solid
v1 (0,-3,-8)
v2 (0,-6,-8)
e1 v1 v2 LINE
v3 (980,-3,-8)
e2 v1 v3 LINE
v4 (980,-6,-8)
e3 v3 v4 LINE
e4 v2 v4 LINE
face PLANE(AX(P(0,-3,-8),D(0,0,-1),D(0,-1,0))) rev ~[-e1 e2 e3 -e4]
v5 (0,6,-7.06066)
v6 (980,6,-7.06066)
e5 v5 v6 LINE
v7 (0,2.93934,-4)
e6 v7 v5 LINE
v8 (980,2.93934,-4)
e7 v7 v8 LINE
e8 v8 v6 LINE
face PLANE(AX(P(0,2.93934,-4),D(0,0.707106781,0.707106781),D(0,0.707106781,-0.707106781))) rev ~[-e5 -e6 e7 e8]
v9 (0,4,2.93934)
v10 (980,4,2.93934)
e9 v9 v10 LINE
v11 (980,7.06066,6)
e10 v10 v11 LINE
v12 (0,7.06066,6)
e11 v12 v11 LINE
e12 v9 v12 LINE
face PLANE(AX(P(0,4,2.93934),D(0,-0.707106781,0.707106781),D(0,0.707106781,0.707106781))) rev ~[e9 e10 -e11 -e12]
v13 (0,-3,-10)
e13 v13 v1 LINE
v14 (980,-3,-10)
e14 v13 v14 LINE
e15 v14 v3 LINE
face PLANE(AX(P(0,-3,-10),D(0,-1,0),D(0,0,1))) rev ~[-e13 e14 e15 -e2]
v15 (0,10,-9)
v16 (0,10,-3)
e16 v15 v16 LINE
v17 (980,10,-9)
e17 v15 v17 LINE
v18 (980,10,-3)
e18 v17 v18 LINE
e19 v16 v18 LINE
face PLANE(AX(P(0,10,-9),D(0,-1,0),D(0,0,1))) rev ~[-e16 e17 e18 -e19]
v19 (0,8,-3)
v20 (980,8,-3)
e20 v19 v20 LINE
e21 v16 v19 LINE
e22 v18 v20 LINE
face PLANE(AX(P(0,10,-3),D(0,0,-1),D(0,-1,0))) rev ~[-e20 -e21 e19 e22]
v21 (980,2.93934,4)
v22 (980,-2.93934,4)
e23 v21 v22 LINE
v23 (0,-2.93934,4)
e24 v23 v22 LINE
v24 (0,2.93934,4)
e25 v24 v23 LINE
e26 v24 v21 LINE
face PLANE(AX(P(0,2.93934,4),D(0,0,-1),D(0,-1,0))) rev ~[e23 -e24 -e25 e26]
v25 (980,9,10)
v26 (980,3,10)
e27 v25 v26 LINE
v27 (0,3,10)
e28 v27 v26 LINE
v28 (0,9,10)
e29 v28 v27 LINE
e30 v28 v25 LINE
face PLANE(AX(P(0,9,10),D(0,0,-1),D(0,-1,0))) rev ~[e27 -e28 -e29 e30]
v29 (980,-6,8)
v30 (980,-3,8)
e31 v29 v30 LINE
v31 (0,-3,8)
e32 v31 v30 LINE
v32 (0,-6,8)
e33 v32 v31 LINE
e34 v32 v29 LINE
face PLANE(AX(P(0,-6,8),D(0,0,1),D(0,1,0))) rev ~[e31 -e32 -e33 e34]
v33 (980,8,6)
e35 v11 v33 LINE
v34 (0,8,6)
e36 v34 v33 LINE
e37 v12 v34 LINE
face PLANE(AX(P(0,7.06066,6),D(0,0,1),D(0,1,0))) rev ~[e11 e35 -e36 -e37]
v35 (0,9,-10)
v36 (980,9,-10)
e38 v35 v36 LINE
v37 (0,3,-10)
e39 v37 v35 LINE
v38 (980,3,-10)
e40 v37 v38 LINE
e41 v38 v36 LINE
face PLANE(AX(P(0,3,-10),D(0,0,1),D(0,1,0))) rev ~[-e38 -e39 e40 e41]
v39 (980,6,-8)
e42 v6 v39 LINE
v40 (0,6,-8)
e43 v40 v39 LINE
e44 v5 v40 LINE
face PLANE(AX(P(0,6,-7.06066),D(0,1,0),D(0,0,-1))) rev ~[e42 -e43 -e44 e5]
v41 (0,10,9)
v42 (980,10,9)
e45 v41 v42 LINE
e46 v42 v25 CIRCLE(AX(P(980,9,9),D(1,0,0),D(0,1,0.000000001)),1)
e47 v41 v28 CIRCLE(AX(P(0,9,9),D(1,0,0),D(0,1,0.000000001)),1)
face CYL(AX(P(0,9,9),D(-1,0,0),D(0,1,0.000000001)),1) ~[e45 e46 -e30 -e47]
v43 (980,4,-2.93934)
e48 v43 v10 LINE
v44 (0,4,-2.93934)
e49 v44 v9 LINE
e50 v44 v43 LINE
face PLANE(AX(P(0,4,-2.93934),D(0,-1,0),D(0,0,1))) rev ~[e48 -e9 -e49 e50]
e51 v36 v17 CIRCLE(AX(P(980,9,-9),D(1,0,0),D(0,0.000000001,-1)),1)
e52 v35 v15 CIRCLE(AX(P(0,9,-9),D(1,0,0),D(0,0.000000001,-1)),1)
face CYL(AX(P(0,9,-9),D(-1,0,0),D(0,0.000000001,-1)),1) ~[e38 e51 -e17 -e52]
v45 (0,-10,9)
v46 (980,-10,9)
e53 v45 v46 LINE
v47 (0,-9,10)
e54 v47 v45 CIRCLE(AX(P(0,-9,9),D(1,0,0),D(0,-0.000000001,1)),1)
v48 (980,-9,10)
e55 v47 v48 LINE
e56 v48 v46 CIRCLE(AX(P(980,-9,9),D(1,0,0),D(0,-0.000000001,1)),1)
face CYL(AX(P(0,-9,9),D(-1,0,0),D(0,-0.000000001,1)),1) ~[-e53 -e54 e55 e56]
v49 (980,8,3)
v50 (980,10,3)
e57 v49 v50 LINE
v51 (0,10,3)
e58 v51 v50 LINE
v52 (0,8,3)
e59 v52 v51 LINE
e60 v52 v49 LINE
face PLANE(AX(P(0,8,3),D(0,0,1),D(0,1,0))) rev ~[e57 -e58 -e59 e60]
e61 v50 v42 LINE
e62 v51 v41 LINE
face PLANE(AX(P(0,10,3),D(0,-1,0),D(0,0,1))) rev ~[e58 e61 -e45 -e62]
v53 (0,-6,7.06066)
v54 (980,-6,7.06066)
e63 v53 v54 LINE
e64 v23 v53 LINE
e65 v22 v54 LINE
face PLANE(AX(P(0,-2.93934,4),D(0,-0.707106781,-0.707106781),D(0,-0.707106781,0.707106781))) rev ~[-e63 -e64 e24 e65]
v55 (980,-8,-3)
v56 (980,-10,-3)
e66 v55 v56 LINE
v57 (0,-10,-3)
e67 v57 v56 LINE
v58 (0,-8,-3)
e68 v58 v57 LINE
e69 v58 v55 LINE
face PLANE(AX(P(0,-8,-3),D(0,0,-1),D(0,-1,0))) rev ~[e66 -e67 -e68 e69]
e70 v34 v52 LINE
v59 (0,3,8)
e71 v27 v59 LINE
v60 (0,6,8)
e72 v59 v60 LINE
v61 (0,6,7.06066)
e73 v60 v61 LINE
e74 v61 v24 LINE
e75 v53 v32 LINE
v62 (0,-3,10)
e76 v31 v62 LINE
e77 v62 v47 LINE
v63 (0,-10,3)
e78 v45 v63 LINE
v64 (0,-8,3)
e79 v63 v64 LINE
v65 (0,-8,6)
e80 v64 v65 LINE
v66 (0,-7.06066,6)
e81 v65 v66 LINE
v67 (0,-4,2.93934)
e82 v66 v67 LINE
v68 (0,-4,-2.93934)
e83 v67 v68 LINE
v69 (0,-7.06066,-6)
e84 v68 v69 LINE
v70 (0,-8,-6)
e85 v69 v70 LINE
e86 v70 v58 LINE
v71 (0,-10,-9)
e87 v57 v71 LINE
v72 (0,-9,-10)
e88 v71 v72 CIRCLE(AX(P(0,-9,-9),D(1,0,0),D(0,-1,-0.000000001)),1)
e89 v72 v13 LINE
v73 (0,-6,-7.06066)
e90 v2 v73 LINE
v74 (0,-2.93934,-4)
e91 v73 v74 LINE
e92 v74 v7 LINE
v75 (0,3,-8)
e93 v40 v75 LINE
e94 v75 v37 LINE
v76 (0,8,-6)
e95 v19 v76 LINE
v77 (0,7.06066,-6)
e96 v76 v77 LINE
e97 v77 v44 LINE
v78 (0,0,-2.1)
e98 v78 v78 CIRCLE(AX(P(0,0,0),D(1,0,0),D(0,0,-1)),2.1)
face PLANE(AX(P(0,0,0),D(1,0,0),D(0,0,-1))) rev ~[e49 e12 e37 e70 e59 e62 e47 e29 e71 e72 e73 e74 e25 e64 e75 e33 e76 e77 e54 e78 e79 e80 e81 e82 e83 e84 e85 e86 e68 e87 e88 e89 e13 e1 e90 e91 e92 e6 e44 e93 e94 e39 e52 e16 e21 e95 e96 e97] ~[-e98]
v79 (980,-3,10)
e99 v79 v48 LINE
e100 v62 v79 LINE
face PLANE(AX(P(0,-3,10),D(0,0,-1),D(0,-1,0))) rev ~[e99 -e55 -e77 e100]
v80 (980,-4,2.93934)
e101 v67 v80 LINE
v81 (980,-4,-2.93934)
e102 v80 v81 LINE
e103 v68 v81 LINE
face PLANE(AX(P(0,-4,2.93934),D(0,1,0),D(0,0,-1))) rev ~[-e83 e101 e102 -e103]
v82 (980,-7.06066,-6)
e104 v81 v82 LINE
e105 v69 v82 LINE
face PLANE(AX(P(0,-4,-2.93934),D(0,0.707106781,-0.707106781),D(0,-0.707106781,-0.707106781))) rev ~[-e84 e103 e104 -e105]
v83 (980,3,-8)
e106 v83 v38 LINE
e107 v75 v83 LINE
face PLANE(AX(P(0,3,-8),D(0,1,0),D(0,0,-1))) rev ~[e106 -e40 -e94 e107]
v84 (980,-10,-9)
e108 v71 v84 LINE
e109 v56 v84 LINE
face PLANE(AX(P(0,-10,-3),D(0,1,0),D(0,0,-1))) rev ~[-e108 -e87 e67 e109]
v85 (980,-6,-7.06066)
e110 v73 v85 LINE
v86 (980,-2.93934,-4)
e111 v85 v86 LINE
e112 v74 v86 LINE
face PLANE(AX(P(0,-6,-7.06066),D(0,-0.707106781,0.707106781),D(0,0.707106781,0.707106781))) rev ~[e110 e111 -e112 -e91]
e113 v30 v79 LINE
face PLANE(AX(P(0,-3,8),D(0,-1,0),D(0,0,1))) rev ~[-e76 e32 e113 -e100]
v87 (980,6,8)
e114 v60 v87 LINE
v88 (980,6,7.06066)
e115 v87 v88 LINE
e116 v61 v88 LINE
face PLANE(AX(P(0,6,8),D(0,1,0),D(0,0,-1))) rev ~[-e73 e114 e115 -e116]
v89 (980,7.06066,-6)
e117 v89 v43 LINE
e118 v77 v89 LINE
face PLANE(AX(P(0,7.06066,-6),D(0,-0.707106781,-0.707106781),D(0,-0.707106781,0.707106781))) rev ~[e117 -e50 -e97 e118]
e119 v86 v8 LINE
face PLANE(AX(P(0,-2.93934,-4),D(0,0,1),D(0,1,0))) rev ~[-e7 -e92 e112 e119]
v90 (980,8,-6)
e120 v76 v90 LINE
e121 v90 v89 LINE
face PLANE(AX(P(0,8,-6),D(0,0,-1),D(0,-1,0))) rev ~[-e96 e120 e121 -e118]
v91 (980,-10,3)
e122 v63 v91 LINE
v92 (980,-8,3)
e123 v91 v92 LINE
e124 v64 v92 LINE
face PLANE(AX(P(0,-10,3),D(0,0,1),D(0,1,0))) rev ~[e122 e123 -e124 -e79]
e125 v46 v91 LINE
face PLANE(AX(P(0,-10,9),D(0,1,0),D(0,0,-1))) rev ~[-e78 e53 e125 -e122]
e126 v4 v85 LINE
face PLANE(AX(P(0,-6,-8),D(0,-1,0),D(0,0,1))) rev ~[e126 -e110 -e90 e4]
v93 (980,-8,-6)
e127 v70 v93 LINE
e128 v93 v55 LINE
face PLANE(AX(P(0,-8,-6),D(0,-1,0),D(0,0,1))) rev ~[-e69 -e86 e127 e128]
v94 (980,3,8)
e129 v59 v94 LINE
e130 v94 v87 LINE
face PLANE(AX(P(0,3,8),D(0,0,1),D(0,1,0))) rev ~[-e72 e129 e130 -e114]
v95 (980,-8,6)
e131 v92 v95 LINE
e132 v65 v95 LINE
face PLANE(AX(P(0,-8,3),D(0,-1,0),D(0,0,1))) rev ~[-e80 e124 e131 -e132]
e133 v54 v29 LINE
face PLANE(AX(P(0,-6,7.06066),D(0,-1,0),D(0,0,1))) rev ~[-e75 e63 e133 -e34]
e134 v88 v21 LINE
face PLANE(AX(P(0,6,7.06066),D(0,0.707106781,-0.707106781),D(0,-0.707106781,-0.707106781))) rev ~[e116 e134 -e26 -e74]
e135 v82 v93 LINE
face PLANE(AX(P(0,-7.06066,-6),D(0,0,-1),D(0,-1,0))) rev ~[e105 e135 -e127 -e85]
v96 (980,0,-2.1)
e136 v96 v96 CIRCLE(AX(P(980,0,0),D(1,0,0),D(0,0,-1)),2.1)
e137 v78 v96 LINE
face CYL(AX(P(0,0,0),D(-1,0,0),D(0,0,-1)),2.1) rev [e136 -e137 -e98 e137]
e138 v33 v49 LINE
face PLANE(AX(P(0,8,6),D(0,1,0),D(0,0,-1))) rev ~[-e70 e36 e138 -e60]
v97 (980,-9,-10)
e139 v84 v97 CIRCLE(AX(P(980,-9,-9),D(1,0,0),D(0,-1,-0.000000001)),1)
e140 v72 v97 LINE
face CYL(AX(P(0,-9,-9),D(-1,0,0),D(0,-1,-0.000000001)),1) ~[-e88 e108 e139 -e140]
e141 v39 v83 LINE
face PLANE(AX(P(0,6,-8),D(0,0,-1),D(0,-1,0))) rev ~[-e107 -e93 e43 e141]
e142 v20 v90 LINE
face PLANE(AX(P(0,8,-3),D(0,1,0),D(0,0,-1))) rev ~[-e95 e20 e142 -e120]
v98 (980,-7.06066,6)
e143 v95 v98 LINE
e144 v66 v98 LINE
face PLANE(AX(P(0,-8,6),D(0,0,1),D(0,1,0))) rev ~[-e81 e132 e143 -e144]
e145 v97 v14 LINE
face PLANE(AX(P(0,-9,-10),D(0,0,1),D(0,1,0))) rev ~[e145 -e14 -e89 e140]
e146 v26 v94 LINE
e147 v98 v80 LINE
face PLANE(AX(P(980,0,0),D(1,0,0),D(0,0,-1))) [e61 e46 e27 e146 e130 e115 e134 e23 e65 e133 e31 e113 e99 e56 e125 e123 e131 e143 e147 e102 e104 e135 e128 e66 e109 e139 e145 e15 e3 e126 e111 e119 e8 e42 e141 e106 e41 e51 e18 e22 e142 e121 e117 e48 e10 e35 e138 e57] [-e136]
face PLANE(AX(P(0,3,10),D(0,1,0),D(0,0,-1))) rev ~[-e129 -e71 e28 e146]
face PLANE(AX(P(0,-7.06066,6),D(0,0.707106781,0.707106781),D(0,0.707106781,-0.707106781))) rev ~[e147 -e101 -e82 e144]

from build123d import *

# Parameters (mm, degrees)
SKETCH1_R           = 2.1
BOSS_EXTRUDE1_DEPTH = 980


with BuildPart() as part:
    # Sketch1 → Boss-Extrude1 (new body)
    with BuildSketch(Plane(origin=(0, 0, 0), x_dir=(0, 0, -1), z_dir=(1, 0, 0))):
        with BuildLine():
            Line((-10, 9), (-10, 3))
            Line((-10, 3), (-8, 3))
            Line((-8, 3), (-8, 6))
            Line((-8, 6), (-7.060660172, 6))
            Line((-7.060660172, 6), (-4, 2.939339828))
            Line((-4, 2.939339828), (-4, -2.939339828))
            Line((-4, -2.939339828), (-7.060660172, -6))
            Line((-7.060660172, -6), (-8, -6))
            Line((-8, -6), (-8, -3))
            Line((-8, -3), (-10, -3))
            Line((-10, -3), (-10, -9))
            ThreePointArc((-10, -9), (-9.707106781, -9.707106781), (-9, -10))
            Line((-9, -10), (-3, -10))
            Line((-3, -10), (-3, -8))
            Line((-3, -8), (-6, -8))
            Line((-6, -8), (-6, -7.060660172))
            Line((-6, -7.060660172), (-2.939339828, -4))
            Line((-2.939339828, -4), (2.939339828, -4))
            Line((2.939339828, -4), (6, -7.060660172))
            Line((6, -7.060660172), (6, -8))
            Line((6, -8), (3, -8))
            Line((3, -8), (3, -10))
            Line((3, -10), (9, -10))
            ThreePointArc((9, -10), (9.707106781, -9.707106781), (10, -9))
            Line((10, -9), (10, -3))
            Line((10, -3), (8, -3))
            Line((8, -3), (8, -6))
            Line((8, -6), (7.060660172, -6))
            Line((7.060660172, -6), (4, -2.939339828))
            Line((4, -2.939339828), (4, 2.939339828))
            Line((4, 2.939339828), (7.060660172, 6))
            Line((7.060660172, 6), (8, 6))
            Line((8, 6), (8, 3))
            Line((8, 3), (10, 3))
            Line((10, 3), (10, 9))
            ThreePointArc((10, 9), (9.707106781, 9.707106781), (9, 10))
            Line((9, 10), (3, 10))
            Line((3, 10), (3, 8))
            Line((3, 8), (6, 8))
            Line((6, 8), (6, 7.060660172))
            Line((6, 7.060660172), (2.939339828, 4))
            Line((2.939339828, 4), (-2.939339828, 4))
            Line((-2.939339828, 4), (-6, 7.060660172))
            Line((-6, 7.060660172), (-6, 8))
            Line((-6, 8), (-3, 8))
            Line((-3, 8), (-3, 10))
            Line((-3, 10), (-9, 10))
            ThreePointArc((-9, 10), (-9.707106781, 9.707106781), (-10, 9))
        make_face()
        Circle(SKETCH1_R, mode=Mode.SUBTRACT)
    extrude(amount=BOSS_EXTRUDE1_DEPTH)


solid = part.part
